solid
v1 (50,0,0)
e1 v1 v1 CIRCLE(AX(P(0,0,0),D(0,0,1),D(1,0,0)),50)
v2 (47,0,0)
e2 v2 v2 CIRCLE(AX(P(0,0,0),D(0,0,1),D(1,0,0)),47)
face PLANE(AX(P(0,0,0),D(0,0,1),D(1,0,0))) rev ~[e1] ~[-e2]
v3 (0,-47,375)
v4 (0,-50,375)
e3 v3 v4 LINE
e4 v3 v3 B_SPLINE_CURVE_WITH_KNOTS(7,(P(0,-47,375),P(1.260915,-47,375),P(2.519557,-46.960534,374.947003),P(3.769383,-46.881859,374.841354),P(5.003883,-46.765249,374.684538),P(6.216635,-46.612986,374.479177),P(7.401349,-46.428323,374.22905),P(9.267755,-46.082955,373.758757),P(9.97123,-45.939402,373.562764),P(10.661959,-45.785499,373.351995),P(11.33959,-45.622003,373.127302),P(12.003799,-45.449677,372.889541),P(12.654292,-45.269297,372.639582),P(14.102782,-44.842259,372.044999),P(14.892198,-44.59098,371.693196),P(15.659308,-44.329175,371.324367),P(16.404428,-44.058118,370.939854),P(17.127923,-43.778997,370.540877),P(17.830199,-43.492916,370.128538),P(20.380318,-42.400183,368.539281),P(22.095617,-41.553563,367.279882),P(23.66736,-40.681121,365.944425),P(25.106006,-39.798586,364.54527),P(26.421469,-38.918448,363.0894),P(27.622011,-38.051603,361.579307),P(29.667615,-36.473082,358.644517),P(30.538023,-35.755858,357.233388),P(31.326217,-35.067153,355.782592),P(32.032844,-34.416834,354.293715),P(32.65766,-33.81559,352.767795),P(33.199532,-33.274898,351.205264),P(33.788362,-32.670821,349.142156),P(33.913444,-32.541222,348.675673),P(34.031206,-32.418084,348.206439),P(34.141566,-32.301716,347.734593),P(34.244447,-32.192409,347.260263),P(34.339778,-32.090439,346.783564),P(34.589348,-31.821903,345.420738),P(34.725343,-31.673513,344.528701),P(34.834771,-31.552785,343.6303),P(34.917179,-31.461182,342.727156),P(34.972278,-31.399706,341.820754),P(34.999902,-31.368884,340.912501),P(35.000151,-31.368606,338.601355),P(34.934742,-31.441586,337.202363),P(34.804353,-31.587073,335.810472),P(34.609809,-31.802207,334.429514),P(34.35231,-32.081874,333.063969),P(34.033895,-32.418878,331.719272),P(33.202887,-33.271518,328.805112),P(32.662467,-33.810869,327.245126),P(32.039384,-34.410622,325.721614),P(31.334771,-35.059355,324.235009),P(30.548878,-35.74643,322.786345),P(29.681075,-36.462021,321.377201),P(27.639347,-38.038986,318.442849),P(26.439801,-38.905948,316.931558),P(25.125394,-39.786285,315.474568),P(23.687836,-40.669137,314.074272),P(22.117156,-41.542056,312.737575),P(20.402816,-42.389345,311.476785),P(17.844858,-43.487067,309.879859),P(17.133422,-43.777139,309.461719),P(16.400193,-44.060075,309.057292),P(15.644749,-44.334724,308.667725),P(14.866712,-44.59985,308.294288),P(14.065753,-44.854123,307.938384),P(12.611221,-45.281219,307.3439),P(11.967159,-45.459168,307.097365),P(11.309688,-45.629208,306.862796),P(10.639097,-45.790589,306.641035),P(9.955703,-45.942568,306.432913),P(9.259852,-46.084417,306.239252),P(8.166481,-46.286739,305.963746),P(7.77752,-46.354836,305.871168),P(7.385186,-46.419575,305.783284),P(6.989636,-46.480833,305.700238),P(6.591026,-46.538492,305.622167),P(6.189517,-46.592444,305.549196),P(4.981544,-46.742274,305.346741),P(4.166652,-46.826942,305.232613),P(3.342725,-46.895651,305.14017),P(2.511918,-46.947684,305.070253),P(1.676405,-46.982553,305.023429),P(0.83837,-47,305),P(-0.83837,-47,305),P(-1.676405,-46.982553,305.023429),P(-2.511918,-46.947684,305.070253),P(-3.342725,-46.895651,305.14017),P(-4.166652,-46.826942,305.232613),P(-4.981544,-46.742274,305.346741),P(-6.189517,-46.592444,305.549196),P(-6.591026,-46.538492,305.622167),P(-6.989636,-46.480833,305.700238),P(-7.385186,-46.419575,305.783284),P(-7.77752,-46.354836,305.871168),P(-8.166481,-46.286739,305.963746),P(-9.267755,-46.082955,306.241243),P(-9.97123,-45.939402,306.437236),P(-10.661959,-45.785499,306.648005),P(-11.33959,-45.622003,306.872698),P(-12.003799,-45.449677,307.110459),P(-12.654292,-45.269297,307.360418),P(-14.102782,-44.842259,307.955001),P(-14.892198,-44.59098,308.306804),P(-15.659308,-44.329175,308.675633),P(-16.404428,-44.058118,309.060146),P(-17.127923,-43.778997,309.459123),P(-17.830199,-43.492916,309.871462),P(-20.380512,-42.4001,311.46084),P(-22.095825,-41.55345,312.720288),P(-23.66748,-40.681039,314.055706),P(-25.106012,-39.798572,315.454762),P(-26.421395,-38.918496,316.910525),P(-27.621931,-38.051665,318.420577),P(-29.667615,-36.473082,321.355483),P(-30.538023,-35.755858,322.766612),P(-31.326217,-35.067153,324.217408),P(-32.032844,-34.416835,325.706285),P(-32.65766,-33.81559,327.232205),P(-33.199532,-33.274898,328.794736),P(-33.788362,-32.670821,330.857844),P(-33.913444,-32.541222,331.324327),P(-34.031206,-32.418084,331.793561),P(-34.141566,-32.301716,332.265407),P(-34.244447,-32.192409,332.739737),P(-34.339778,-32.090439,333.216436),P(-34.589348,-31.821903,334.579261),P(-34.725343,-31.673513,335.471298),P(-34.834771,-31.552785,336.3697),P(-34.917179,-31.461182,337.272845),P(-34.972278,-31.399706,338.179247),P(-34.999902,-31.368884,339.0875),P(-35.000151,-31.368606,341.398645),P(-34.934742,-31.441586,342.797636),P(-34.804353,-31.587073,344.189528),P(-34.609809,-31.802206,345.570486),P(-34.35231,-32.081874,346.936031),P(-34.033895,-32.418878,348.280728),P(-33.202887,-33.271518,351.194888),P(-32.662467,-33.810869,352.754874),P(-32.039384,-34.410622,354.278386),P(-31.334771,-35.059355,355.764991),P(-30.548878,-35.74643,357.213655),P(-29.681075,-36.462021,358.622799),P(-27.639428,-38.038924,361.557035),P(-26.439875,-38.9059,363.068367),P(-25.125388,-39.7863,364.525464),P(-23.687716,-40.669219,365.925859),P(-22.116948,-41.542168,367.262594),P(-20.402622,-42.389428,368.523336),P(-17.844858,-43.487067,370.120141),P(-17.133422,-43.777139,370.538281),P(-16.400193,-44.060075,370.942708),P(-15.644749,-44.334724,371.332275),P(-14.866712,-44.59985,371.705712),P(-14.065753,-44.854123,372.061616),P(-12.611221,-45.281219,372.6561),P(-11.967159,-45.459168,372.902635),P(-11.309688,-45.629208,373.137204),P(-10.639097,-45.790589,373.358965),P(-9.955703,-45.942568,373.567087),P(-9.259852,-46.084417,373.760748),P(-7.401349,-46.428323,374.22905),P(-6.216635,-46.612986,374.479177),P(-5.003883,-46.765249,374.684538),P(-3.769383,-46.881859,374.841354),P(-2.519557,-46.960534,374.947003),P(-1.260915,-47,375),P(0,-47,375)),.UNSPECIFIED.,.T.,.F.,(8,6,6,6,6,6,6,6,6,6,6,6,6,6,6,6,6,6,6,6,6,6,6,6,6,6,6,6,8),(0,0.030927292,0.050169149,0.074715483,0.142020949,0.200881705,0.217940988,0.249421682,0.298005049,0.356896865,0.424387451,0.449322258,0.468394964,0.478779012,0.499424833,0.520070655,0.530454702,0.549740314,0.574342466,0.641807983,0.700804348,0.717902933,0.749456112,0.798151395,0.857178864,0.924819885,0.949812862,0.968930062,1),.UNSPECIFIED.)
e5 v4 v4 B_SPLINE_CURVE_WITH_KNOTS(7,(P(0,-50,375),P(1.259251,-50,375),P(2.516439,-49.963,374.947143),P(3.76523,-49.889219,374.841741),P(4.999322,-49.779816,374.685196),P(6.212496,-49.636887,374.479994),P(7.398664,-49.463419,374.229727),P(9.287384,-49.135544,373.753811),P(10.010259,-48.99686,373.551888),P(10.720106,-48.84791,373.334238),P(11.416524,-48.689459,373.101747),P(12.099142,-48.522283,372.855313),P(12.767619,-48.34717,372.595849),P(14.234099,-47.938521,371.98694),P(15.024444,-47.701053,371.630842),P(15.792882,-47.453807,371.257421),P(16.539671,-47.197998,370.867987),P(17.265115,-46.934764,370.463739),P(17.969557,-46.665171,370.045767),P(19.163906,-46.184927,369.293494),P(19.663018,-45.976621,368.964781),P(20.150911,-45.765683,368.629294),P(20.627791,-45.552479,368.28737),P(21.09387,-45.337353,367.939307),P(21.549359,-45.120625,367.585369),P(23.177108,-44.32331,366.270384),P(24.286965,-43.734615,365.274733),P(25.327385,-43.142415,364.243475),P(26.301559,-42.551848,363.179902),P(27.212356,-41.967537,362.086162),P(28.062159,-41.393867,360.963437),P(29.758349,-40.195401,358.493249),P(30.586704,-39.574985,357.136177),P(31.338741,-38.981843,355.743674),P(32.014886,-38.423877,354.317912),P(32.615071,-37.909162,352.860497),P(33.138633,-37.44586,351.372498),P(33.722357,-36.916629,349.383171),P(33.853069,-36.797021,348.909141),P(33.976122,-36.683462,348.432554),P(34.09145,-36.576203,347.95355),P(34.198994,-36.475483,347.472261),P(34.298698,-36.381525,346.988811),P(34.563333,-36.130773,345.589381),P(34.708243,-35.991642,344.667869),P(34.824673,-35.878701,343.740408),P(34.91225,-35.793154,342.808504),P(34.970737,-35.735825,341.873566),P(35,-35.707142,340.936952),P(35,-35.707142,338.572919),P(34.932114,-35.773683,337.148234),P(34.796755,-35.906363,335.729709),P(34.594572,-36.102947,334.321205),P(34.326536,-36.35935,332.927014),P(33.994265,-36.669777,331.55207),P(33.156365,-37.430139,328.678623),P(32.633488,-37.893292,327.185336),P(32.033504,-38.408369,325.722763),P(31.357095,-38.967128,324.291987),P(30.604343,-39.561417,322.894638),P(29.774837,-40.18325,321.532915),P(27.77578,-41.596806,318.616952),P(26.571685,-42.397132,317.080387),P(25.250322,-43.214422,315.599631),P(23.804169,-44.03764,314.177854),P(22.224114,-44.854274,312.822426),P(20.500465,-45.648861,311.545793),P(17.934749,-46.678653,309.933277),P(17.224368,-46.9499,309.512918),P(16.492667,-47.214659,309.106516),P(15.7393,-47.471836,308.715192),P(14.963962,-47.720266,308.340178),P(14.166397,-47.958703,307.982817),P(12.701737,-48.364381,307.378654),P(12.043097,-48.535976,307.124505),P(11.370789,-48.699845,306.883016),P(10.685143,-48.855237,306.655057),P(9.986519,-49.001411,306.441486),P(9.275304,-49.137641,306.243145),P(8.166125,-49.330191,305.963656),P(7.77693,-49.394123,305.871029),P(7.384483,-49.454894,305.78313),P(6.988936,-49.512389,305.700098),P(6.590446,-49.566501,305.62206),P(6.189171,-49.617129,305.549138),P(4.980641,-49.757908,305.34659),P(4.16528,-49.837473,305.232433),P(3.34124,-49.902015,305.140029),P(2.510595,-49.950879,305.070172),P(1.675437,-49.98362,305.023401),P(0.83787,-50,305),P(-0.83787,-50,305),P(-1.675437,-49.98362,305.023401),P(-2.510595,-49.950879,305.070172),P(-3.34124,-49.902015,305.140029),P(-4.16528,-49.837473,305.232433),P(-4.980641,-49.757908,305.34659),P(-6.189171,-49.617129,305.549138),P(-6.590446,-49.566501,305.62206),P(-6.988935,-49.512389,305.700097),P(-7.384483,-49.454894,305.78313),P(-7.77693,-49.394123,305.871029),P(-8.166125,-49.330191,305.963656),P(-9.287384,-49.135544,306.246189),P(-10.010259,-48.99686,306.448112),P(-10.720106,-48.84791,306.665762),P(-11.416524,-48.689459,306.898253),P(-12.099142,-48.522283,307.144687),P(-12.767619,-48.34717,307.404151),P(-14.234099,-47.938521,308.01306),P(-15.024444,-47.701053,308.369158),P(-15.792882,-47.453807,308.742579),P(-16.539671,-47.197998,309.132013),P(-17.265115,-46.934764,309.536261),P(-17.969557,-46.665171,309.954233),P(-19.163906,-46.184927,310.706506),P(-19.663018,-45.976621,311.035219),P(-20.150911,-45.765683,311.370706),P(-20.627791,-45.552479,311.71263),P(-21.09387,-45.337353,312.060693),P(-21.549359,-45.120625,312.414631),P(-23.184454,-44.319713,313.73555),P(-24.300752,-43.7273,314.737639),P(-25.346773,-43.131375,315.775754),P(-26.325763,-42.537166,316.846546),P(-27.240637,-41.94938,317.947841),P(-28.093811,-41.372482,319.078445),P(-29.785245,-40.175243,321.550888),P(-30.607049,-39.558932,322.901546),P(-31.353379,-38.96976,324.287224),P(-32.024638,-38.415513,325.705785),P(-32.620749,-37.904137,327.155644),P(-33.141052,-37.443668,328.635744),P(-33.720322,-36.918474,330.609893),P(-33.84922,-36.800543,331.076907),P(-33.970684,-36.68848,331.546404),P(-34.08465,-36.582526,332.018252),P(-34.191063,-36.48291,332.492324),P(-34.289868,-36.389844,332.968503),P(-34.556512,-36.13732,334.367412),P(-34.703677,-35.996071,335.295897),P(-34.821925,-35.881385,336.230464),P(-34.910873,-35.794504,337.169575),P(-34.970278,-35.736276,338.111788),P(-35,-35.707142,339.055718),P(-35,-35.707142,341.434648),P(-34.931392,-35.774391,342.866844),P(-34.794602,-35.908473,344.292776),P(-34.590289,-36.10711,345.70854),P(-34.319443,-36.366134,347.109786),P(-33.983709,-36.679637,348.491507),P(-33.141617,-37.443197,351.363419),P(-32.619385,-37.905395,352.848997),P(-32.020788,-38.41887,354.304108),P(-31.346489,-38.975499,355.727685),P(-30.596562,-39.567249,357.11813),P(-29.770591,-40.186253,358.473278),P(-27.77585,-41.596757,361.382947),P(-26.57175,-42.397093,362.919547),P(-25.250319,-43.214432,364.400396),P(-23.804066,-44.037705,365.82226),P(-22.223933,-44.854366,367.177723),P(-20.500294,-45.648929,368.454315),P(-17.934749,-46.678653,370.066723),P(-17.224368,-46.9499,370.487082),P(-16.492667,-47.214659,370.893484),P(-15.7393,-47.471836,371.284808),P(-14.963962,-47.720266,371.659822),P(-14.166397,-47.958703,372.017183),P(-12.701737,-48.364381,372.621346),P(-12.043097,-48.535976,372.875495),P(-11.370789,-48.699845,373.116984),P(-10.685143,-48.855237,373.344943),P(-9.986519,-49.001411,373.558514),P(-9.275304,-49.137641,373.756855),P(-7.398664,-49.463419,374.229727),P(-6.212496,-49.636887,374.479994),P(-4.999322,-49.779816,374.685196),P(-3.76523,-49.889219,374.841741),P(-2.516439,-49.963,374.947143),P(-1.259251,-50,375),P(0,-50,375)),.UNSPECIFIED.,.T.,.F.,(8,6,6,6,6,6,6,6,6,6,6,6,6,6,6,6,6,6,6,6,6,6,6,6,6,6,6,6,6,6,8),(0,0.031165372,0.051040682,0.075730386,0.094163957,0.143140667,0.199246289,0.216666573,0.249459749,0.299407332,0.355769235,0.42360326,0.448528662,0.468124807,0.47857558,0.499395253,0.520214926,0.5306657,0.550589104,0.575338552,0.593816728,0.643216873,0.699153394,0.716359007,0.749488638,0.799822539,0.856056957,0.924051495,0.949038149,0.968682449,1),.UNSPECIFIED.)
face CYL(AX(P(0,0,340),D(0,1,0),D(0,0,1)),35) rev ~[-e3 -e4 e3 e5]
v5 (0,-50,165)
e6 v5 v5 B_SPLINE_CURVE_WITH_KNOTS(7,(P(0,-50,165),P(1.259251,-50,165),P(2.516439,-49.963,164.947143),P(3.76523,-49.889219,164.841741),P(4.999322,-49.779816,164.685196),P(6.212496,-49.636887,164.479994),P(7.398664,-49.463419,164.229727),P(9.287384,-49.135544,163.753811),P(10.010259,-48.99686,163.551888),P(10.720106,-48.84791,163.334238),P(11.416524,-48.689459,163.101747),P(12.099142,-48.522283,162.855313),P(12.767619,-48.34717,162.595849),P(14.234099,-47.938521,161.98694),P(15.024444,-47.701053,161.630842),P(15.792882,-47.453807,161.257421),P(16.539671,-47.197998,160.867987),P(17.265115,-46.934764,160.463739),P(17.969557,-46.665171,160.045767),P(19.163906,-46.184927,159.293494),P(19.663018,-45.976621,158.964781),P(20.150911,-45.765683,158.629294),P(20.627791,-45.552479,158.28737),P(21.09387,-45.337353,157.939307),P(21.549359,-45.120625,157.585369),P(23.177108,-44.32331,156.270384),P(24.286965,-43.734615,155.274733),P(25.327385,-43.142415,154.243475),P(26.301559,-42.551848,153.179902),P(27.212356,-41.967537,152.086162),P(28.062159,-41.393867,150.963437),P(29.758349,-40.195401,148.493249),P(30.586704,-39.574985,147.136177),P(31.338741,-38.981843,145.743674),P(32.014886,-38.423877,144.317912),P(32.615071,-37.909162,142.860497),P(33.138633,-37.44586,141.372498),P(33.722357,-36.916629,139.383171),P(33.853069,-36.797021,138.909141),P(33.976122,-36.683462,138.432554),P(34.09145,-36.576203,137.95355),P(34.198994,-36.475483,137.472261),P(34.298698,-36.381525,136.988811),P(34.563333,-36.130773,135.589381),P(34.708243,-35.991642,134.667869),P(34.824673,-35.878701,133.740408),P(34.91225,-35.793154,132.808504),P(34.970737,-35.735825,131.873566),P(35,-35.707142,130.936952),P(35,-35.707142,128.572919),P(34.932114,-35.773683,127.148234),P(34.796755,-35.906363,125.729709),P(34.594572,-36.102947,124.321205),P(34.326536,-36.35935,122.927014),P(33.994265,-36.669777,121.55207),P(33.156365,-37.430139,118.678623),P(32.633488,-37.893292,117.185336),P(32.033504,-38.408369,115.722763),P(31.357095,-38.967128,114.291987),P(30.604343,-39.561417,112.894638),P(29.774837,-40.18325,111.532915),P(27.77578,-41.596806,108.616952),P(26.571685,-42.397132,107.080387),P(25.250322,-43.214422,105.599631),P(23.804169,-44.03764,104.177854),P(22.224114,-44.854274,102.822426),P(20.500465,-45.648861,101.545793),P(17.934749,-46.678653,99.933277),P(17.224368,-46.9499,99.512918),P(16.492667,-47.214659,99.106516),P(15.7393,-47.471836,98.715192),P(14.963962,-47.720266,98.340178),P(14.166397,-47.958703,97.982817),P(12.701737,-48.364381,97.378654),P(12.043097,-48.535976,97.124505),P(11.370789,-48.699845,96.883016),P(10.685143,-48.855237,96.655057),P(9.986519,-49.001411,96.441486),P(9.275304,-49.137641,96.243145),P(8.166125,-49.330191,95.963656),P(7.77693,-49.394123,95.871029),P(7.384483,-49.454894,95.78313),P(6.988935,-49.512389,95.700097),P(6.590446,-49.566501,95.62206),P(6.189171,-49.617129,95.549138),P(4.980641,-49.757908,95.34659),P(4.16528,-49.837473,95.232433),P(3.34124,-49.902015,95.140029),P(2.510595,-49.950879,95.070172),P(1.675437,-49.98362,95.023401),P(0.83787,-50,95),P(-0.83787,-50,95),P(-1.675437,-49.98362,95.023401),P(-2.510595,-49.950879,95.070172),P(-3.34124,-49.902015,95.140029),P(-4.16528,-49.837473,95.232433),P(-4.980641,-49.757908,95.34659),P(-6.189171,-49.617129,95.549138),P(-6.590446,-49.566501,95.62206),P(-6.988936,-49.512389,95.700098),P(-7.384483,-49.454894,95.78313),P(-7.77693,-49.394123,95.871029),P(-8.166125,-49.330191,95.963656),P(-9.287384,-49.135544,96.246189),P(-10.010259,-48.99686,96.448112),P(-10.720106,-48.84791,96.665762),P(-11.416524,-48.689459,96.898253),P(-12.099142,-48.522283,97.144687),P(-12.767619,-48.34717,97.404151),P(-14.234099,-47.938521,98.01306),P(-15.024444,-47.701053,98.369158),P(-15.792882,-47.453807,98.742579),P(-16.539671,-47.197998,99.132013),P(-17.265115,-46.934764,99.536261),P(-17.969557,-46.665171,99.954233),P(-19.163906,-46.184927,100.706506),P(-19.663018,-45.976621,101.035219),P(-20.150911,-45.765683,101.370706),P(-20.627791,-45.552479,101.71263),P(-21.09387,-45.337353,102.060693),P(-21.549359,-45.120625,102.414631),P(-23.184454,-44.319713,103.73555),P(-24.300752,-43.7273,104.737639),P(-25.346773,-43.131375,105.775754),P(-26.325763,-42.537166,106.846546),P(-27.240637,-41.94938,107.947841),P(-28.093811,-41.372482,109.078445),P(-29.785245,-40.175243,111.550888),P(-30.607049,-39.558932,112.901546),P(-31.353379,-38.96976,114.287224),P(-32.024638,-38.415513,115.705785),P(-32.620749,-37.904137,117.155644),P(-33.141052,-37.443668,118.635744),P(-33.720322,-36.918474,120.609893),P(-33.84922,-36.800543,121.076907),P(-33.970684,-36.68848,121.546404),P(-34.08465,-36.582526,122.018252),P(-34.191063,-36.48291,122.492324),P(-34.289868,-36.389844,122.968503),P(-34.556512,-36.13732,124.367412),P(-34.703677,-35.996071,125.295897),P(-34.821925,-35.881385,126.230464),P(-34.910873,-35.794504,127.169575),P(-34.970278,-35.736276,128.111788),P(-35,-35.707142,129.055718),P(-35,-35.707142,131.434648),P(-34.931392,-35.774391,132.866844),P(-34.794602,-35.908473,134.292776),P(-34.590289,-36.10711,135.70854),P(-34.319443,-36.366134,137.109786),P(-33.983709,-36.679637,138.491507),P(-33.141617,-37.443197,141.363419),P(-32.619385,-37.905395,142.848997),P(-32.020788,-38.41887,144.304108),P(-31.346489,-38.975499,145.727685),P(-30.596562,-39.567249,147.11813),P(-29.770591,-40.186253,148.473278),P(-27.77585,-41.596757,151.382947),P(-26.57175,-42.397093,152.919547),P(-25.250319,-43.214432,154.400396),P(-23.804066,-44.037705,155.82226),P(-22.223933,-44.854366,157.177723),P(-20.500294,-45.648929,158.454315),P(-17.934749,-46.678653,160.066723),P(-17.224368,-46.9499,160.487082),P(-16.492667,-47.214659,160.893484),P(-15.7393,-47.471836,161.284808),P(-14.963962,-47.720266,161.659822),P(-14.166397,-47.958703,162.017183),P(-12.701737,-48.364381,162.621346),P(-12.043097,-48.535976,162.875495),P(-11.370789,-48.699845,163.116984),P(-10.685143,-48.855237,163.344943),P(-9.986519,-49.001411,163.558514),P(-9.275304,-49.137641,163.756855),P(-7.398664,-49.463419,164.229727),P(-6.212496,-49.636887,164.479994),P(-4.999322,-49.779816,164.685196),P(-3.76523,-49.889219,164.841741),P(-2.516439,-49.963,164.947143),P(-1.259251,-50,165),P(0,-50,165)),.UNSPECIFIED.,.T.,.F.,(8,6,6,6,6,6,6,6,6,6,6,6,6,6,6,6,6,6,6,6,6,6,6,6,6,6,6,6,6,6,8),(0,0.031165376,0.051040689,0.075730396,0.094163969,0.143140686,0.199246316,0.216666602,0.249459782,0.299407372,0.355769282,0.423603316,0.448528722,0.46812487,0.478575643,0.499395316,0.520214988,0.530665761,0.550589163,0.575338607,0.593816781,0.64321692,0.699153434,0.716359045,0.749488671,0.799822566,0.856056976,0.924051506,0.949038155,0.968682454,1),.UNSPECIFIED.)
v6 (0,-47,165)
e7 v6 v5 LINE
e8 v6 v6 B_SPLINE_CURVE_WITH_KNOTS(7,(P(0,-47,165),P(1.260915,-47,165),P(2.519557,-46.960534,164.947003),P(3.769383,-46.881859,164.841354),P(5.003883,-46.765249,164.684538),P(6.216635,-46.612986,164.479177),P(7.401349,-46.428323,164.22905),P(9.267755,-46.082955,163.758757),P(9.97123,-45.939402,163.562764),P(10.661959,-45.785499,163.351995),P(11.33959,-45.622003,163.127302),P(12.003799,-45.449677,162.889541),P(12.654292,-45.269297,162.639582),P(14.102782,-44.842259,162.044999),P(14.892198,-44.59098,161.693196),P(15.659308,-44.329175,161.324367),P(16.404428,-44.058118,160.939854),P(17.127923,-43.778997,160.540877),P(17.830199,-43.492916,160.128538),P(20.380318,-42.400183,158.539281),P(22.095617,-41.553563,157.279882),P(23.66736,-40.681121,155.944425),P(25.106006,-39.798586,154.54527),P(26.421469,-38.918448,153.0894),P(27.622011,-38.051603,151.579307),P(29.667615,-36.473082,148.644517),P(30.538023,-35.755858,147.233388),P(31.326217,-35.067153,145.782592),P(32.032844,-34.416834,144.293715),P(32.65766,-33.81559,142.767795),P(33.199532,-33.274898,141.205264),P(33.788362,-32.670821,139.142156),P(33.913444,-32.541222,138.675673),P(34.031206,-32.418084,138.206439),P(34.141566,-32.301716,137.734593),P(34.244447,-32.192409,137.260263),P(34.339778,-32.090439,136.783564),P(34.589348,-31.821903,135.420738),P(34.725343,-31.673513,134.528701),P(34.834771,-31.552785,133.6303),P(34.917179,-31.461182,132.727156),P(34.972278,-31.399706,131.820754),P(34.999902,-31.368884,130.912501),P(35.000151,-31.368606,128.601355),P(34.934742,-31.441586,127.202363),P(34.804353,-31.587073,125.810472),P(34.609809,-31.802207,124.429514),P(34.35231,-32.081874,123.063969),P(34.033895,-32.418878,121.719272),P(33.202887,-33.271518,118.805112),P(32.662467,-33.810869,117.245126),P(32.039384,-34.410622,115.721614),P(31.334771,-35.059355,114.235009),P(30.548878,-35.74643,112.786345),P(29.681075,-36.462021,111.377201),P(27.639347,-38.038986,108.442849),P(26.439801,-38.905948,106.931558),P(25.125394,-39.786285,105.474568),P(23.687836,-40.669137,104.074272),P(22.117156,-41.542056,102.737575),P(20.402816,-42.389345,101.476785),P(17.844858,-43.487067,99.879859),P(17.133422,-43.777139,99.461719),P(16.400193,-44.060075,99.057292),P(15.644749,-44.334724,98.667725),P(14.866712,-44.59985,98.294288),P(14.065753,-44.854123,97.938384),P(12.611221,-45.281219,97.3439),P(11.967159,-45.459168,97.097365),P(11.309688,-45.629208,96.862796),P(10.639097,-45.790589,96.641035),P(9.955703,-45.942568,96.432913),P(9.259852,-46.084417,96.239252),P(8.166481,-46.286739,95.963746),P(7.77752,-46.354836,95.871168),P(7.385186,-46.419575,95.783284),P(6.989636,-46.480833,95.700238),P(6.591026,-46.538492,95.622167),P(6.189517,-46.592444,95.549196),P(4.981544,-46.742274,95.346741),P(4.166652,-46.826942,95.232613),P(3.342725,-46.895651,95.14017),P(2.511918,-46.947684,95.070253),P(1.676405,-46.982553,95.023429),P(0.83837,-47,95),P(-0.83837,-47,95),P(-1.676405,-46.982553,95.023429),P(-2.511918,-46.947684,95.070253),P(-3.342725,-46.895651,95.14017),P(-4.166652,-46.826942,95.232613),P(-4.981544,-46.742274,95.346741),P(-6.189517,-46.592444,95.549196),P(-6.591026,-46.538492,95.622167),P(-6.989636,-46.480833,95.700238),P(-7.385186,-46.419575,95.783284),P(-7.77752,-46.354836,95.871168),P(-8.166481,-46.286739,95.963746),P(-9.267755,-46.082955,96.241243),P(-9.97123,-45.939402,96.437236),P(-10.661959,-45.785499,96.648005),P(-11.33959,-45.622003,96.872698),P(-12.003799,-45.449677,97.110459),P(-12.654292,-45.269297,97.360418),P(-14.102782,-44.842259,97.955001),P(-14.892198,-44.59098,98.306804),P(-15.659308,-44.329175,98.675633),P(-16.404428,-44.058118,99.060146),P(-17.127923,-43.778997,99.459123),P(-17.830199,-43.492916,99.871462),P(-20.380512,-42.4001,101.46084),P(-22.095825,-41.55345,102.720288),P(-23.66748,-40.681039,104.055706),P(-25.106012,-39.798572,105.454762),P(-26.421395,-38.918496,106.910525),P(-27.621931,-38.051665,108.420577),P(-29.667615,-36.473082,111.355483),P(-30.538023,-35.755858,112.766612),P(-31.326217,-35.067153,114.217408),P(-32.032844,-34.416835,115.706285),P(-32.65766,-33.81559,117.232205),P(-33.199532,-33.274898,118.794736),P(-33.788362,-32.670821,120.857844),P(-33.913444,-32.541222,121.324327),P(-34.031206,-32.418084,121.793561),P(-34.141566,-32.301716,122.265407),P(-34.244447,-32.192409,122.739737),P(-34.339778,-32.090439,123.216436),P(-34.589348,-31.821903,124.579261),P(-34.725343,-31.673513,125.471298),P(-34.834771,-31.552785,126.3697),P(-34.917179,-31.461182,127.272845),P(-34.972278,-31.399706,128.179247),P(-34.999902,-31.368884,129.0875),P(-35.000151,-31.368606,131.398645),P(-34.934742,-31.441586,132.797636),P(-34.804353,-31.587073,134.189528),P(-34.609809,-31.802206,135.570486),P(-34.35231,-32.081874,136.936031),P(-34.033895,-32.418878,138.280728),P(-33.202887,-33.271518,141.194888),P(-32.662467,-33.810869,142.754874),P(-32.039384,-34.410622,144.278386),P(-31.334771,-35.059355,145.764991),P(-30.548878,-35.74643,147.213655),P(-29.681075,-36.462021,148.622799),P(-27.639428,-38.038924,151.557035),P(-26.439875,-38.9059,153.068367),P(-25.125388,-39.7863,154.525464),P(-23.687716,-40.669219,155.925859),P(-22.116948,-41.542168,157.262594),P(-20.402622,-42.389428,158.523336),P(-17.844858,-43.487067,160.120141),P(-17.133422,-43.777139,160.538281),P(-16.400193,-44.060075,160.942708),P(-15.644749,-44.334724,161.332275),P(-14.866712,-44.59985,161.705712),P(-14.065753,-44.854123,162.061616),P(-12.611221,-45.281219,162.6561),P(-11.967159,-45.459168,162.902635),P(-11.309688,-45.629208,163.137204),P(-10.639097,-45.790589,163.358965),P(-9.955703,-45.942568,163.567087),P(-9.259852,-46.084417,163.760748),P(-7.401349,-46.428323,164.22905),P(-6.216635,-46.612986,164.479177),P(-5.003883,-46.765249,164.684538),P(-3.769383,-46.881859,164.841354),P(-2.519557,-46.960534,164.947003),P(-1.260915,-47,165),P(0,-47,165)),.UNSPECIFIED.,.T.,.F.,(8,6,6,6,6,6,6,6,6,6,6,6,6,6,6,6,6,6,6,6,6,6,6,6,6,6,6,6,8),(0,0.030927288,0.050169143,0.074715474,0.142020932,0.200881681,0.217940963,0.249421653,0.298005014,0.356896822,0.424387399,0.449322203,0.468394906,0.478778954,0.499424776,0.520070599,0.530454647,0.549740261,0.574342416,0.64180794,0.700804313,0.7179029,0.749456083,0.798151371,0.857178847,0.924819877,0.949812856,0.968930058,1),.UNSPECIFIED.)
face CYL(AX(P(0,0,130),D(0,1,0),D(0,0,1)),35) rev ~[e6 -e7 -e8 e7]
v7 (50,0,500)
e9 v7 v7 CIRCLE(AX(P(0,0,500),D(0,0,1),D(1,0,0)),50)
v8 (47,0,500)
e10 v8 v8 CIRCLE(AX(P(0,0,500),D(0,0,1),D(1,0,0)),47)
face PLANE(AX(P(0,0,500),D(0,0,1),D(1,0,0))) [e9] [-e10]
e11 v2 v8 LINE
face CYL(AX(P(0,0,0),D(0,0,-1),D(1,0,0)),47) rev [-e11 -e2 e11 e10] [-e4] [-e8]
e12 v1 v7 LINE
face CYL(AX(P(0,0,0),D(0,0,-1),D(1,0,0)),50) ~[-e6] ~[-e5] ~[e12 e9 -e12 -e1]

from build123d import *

# Parameters (mm, degrees)
SKETCH1_R           = 50
SKETCH1_R_2         = 47
BOSS_EXTRUDE1_DEPTH = 500
SKETCH2_R           = 35
CUT_EXTRUDE1_DEPTH  = 500


with BuildPart() as part:
    # Sketch1 → Boss-Extrude1 (new body)
    with BuildSketch(Plane.XY):
        Circle(SKETCH1_R)
        Circle(SKETCH1_R_2, mode=Mode.SUBTRACT)
    extrude(amount=BOSS_EXTRUDE1_DEPTH)

    # Sketch2 → Cut-Extrude1 (cut)
    with BuildSketch(Plane(origin=(0, 0, 0), x_dir=(1, 0, 0), z_dir=(0, 1, 0))):
        with Locations(Location((0, -130, 0), (0, 0, 270))):
            Circle(SKETCH2_R)
        with Locations(Location((0, -340, 0), (0, 0, 270))):
            Circle(SKETCH2_R)
    extrude(amount=-CUT_EXTRUDE1_DEPTH, mode=Mode.SUBTRACT)


solid = part.part
